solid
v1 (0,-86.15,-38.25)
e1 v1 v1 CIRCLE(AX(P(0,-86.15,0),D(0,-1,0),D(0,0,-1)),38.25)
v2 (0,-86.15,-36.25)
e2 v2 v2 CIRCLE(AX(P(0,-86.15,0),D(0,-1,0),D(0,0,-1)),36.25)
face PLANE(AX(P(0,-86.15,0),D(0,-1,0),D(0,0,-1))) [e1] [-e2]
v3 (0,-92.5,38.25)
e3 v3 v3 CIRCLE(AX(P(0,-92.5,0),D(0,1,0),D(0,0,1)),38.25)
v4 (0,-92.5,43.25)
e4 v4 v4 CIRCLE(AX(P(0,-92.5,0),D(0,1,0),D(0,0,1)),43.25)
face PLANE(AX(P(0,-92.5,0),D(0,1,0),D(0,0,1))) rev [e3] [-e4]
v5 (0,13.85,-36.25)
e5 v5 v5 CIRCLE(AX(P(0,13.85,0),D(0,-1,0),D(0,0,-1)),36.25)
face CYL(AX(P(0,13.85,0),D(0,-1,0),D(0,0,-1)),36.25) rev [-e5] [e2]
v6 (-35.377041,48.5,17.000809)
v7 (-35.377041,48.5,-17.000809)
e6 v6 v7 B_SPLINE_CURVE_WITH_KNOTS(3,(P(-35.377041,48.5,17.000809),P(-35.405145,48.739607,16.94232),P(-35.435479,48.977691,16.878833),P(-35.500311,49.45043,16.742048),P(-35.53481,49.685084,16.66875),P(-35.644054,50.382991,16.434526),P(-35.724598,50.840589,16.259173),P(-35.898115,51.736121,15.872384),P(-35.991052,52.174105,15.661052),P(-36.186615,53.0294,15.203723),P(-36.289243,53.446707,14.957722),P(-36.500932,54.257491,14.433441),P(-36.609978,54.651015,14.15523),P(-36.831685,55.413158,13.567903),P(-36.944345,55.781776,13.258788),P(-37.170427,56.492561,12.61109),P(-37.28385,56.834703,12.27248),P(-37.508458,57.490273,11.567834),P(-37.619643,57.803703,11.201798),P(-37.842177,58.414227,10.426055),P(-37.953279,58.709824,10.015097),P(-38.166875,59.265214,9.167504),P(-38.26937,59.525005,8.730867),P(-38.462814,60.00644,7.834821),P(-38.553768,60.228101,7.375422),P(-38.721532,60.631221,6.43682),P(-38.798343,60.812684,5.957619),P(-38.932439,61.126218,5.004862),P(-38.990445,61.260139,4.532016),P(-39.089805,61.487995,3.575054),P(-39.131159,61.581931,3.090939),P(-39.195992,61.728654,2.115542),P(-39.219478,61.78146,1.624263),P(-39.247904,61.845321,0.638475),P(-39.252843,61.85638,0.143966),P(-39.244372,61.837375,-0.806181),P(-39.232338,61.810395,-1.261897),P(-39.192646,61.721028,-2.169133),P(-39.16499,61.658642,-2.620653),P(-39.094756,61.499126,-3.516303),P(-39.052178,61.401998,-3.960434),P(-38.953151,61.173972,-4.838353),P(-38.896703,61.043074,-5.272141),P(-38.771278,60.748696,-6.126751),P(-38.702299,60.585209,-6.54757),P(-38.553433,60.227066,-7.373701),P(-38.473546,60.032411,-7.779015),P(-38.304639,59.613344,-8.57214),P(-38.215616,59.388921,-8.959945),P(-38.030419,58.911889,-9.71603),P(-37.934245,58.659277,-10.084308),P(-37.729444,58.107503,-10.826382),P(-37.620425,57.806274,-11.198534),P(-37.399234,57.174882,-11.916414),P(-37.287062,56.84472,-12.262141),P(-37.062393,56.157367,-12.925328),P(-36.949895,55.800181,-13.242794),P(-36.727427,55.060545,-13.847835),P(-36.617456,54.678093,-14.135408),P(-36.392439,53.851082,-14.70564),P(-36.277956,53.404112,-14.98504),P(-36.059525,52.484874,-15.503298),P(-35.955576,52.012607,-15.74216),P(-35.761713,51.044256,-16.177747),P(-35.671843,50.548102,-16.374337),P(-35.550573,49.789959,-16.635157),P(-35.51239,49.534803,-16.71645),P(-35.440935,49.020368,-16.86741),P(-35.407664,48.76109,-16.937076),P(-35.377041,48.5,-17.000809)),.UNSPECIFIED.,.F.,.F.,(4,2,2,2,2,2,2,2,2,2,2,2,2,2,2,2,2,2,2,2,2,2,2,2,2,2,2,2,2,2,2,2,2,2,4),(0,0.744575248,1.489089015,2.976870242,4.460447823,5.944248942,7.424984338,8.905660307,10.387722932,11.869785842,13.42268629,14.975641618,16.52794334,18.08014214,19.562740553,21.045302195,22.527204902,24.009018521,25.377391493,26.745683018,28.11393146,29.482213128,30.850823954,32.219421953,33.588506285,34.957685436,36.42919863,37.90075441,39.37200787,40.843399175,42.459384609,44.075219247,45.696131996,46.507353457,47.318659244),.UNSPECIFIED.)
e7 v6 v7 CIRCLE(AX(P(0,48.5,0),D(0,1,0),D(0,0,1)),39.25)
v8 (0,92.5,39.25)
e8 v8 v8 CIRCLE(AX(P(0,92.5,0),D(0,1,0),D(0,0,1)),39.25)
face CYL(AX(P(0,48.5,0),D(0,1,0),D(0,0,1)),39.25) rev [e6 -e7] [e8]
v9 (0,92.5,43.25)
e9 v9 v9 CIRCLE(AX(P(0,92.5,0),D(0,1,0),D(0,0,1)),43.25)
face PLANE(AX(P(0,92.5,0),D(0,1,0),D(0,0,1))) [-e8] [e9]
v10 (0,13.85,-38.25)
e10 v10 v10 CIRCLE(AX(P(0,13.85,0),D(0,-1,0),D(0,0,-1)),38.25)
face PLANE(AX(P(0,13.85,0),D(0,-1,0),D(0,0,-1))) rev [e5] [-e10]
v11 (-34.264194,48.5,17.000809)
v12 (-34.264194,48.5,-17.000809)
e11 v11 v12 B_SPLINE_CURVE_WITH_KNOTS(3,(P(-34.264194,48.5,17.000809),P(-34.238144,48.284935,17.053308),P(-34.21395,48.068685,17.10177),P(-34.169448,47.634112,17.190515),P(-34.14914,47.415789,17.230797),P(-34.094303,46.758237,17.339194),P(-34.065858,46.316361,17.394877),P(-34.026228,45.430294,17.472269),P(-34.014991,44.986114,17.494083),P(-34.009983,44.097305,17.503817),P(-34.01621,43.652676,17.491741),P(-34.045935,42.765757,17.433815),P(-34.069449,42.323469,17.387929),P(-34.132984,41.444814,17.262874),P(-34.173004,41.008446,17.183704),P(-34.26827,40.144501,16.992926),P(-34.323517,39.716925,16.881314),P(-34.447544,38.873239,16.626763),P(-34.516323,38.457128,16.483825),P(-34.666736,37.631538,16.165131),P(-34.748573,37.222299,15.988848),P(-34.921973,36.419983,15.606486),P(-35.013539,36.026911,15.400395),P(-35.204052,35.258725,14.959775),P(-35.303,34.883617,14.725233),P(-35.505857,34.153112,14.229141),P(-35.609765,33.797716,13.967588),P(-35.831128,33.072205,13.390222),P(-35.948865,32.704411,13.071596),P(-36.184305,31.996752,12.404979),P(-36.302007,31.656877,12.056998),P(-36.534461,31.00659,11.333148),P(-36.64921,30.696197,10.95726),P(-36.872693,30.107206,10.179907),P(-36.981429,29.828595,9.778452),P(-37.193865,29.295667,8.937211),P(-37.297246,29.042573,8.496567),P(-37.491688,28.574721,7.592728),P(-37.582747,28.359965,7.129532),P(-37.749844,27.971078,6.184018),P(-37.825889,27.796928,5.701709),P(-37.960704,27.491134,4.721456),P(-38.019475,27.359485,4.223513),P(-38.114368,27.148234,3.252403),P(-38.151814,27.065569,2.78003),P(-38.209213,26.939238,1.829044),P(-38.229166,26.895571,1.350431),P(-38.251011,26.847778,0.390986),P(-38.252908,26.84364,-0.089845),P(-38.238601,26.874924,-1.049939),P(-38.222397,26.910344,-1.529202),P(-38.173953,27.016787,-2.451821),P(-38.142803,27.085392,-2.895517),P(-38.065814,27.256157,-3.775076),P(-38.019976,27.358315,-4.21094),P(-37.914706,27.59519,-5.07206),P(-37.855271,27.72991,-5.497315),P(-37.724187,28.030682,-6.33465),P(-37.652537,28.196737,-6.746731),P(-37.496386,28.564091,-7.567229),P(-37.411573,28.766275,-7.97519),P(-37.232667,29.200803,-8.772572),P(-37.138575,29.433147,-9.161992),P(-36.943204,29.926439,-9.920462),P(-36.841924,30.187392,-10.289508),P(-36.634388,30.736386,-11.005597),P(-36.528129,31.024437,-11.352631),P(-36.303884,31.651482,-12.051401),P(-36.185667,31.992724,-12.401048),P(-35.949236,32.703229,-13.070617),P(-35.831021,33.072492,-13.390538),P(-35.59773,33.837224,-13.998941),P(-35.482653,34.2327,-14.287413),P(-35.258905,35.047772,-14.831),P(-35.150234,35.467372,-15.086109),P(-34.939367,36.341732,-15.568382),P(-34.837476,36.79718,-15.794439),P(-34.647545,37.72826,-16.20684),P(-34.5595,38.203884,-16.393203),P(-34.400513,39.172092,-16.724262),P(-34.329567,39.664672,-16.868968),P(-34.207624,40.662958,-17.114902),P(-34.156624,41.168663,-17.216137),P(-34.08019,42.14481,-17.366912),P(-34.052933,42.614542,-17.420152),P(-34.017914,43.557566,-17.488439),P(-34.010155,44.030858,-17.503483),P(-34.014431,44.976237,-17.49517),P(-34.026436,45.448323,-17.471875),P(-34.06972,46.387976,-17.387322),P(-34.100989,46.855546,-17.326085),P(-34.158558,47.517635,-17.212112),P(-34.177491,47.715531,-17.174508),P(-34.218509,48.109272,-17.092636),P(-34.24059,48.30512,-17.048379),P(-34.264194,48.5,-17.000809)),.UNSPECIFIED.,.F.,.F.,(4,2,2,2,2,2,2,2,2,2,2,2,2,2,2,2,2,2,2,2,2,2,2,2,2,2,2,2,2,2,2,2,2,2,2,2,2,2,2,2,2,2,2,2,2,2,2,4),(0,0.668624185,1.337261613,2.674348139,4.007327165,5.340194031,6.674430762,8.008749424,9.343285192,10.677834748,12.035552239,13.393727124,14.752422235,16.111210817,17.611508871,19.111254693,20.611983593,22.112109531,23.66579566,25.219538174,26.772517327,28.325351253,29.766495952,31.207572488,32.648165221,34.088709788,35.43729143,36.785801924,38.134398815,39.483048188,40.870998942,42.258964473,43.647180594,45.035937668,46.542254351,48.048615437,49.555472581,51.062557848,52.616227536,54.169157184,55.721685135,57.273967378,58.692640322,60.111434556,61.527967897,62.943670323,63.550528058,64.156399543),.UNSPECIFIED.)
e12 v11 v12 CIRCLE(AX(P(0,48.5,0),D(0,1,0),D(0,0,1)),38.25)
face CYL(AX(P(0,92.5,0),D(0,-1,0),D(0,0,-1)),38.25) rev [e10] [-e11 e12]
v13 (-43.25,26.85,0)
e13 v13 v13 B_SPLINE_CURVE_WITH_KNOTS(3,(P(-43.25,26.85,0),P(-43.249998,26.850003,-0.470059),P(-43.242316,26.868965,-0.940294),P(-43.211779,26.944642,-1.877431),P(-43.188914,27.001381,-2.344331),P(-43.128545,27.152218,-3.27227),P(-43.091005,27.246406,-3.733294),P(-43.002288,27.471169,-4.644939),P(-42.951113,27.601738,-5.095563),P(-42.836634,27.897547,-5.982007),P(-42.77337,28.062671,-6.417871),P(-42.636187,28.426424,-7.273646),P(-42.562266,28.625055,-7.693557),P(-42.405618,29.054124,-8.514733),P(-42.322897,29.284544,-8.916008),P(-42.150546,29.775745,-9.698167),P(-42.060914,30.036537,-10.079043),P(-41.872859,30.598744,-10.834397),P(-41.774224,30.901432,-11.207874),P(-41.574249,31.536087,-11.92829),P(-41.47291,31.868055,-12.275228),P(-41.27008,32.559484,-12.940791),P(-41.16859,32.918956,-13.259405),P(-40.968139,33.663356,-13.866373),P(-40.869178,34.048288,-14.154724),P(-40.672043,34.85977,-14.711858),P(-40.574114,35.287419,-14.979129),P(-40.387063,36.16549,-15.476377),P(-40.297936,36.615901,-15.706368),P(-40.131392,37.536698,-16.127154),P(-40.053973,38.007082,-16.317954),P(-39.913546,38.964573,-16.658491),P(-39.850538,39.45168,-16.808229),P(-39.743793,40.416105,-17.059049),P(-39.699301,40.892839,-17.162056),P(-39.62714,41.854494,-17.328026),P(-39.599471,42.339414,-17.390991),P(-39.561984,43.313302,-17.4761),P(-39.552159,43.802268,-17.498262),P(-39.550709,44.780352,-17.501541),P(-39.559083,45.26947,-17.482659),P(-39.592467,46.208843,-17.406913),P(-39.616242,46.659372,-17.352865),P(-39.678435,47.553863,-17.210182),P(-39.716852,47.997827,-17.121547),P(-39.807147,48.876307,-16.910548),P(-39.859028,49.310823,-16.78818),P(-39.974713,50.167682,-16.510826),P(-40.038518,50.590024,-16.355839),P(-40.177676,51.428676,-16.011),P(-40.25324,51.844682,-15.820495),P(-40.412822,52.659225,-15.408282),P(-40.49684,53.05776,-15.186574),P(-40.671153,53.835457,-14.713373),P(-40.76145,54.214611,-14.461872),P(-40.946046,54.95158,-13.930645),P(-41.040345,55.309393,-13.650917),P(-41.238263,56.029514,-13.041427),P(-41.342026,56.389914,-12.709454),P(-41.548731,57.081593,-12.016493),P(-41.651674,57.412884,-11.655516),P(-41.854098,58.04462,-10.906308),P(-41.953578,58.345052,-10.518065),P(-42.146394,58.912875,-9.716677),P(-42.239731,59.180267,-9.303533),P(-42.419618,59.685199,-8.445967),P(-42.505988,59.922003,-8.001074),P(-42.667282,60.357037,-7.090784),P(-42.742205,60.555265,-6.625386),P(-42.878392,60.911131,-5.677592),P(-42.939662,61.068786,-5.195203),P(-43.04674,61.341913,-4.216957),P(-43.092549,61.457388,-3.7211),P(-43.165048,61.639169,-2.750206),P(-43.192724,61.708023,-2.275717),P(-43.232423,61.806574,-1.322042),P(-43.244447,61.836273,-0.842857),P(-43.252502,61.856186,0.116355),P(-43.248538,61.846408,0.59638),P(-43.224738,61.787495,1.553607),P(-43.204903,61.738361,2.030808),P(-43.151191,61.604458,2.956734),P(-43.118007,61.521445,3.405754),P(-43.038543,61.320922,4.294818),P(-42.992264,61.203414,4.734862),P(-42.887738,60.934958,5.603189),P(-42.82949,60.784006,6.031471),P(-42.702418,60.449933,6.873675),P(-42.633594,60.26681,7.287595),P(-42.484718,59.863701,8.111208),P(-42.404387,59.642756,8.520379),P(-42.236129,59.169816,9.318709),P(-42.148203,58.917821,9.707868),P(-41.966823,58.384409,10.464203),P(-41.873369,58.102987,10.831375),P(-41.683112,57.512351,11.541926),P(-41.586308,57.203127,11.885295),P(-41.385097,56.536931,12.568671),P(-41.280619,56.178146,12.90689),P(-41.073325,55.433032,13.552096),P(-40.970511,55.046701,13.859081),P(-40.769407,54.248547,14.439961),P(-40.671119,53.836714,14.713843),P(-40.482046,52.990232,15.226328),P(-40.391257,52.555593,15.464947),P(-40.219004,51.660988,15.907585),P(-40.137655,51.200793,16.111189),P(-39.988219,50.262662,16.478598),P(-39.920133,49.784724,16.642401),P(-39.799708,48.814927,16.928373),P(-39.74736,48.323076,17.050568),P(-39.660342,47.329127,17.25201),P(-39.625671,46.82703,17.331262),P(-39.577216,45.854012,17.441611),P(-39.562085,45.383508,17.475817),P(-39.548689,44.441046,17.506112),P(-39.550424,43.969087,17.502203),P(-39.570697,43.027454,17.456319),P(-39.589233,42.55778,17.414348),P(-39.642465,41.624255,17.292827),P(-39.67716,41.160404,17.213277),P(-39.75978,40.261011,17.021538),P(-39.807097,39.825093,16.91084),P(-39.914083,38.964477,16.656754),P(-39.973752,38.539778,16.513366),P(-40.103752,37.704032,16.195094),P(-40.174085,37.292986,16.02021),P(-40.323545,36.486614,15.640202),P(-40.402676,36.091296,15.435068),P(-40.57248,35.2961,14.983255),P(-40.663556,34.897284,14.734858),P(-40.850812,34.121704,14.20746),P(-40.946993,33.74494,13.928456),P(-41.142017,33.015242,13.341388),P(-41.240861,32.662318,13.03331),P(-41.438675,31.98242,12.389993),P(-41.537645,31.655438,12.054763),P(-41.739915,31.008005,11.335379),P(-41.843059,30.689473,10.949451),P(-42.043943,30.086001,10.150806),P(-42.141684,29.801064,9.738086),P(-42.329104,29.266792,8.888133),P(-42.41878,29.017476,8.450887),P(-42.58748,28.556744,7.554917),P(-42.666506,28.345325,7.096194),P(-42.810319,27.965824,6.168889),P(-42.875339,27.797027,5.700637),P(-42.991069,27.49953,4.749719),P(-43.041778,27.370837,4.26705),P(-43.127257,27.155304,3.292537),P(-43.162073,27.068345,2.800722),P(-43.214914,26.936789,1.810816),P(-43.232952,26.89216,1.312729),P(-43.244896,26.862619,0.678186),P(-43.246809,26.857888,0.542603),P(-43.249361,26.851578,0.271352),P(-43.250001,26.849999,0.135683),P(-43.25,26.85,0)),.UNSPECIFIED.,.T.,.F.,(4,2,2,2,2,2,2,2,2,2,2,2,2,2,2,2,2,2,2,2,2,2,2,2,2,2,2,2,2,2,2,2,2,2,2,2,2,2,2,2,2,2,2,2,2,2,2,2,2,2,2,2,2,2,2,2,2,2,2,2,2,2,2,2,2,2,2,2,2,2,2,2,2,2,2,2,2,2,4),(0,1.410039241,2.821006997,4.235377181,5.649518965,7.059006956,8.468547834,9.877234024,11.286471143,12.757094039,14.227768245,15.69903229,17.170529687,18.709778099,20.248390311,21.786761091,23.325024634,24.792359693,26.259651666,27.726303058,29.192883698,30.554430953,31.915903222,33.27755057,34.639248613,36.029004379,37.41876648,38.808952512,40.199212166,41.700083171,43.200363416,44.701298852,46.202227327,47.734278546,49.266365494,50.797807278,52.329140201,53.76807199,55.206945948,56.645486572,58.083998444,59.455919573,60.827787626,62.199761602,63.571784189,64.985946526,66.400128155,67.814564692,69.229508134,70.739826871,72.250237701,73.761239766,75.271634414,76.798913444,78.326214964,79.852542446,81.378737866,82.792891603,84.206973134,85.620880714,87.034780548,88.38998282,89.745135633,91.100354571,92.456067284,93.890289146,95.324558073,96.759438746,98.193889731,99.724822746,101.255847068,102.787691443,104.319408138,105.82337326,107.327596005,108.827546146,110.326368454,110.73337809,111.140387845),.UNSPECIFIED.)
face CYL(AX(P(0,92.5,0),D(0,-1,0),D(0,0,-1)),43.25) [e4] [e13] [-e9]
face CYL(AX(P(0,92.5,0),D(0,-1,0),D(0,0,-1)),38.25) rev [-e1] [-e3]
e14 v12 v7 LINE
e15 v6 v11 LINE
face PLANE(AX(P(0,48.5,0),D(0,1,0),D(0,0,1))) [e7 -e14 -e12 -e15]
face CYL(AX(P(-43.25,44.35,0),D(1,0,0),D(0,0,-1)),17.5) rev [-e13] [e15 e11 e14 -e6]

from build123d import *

# Parameters (mm, degrees)
SKETCH1_R           = 43.25
SKETCH1_R_2         = 38.25
BOSS_EXTRUDE1_DEPTH = 92.5
BOSS_EXTRUDE2_START = -6.35
SKETCH2_R           = 38.25
SKETCH2_R_2         = 36.25
BOSS_EXTRUDE2_DEPTH = 100
CUT_EXTRUDE3_START  = -44
SKETCH6_R           = 39.25
SKETCH6_R_2         = 38.25
CUT_EXTRUDE3_DEPTH  = 44
SKETCH7_R           = 17.5
CUT_EXTRUDE4_DEPTH  = 111.893530019


with BuildPart() as part:
    # Sketch1 → Boss-Extrude1 (new, symmetric)
    with BuildSketch(Plane(origin=(0, 0, 0), x_dir=(1, 0, 0), z_dir=(0, 1, 0))):
        with Locations(Location((0, 0, 0), (0, 0, 270))):
            Circle(SKETCH1_R)
        with Locations(Location((0, 0, 0), (0, 0, 270))):
            Circle(SKETCH1_R_2, mode=Mode.SUBTRACT)
    extrude(amount=BOSS_EXTRUDE1_DEPTH, both=True)

    # Sketch2 → Boss-Extrude2 (add)
    with BuildSketch(Plane.XZ.offset(92.5).offset(BOSS_EXTRUDE2_START)):
        with Locations(Location((0, 0, 0), (0, 0, 270))):
            Circle(SKETCH2_R)
        with Locations(Location((0, 0, 0), (0, 0, 270))):
            Circle(SKETCH2_R_2, mode=Mode.SUBTRACT)
    extrude(amount=-BOSS_EXTRUDE2_DEPTH)

    # Sketch6 → Cut-Extrude3 (cut)
    with BuildSketch(Plane(origin=(0, 92.5, 0), x_dir=(1, 0, 0), z_dir=(0, 1, 0)).offset(CUT_EXTRUDE3_START)):
        with Locations(Location((0, 0, 0), (0, 0, 270))):
            Circle(SKETCH6_R)
        with Locations(Location((0, 0, 0), (0, 0, 90))):
            Circle(SKETCH6_R_2, mode=Mode.SUBTRACT)
    extrude(amount=CUT_EXTRUDE3_DEPTH, mode=Mode.SUBTRACT)

    # Sketch7 → Cut-Extrude4 (cut, through all)
    with BuildSketch(Plane(origin=(0, 0, 0), x_dir=(0, 0, -1), z_dir=(1, 0, 0))):
        with Locations(Location((0, 44.35, 0), (0, 0, 13.717970606))):
            Circle(SKETCH7_R)
    extrude(amount=-CUT_EXTRUDE4_DEPTH, mode=Mode.SUBTRACT)


solid = part.part
